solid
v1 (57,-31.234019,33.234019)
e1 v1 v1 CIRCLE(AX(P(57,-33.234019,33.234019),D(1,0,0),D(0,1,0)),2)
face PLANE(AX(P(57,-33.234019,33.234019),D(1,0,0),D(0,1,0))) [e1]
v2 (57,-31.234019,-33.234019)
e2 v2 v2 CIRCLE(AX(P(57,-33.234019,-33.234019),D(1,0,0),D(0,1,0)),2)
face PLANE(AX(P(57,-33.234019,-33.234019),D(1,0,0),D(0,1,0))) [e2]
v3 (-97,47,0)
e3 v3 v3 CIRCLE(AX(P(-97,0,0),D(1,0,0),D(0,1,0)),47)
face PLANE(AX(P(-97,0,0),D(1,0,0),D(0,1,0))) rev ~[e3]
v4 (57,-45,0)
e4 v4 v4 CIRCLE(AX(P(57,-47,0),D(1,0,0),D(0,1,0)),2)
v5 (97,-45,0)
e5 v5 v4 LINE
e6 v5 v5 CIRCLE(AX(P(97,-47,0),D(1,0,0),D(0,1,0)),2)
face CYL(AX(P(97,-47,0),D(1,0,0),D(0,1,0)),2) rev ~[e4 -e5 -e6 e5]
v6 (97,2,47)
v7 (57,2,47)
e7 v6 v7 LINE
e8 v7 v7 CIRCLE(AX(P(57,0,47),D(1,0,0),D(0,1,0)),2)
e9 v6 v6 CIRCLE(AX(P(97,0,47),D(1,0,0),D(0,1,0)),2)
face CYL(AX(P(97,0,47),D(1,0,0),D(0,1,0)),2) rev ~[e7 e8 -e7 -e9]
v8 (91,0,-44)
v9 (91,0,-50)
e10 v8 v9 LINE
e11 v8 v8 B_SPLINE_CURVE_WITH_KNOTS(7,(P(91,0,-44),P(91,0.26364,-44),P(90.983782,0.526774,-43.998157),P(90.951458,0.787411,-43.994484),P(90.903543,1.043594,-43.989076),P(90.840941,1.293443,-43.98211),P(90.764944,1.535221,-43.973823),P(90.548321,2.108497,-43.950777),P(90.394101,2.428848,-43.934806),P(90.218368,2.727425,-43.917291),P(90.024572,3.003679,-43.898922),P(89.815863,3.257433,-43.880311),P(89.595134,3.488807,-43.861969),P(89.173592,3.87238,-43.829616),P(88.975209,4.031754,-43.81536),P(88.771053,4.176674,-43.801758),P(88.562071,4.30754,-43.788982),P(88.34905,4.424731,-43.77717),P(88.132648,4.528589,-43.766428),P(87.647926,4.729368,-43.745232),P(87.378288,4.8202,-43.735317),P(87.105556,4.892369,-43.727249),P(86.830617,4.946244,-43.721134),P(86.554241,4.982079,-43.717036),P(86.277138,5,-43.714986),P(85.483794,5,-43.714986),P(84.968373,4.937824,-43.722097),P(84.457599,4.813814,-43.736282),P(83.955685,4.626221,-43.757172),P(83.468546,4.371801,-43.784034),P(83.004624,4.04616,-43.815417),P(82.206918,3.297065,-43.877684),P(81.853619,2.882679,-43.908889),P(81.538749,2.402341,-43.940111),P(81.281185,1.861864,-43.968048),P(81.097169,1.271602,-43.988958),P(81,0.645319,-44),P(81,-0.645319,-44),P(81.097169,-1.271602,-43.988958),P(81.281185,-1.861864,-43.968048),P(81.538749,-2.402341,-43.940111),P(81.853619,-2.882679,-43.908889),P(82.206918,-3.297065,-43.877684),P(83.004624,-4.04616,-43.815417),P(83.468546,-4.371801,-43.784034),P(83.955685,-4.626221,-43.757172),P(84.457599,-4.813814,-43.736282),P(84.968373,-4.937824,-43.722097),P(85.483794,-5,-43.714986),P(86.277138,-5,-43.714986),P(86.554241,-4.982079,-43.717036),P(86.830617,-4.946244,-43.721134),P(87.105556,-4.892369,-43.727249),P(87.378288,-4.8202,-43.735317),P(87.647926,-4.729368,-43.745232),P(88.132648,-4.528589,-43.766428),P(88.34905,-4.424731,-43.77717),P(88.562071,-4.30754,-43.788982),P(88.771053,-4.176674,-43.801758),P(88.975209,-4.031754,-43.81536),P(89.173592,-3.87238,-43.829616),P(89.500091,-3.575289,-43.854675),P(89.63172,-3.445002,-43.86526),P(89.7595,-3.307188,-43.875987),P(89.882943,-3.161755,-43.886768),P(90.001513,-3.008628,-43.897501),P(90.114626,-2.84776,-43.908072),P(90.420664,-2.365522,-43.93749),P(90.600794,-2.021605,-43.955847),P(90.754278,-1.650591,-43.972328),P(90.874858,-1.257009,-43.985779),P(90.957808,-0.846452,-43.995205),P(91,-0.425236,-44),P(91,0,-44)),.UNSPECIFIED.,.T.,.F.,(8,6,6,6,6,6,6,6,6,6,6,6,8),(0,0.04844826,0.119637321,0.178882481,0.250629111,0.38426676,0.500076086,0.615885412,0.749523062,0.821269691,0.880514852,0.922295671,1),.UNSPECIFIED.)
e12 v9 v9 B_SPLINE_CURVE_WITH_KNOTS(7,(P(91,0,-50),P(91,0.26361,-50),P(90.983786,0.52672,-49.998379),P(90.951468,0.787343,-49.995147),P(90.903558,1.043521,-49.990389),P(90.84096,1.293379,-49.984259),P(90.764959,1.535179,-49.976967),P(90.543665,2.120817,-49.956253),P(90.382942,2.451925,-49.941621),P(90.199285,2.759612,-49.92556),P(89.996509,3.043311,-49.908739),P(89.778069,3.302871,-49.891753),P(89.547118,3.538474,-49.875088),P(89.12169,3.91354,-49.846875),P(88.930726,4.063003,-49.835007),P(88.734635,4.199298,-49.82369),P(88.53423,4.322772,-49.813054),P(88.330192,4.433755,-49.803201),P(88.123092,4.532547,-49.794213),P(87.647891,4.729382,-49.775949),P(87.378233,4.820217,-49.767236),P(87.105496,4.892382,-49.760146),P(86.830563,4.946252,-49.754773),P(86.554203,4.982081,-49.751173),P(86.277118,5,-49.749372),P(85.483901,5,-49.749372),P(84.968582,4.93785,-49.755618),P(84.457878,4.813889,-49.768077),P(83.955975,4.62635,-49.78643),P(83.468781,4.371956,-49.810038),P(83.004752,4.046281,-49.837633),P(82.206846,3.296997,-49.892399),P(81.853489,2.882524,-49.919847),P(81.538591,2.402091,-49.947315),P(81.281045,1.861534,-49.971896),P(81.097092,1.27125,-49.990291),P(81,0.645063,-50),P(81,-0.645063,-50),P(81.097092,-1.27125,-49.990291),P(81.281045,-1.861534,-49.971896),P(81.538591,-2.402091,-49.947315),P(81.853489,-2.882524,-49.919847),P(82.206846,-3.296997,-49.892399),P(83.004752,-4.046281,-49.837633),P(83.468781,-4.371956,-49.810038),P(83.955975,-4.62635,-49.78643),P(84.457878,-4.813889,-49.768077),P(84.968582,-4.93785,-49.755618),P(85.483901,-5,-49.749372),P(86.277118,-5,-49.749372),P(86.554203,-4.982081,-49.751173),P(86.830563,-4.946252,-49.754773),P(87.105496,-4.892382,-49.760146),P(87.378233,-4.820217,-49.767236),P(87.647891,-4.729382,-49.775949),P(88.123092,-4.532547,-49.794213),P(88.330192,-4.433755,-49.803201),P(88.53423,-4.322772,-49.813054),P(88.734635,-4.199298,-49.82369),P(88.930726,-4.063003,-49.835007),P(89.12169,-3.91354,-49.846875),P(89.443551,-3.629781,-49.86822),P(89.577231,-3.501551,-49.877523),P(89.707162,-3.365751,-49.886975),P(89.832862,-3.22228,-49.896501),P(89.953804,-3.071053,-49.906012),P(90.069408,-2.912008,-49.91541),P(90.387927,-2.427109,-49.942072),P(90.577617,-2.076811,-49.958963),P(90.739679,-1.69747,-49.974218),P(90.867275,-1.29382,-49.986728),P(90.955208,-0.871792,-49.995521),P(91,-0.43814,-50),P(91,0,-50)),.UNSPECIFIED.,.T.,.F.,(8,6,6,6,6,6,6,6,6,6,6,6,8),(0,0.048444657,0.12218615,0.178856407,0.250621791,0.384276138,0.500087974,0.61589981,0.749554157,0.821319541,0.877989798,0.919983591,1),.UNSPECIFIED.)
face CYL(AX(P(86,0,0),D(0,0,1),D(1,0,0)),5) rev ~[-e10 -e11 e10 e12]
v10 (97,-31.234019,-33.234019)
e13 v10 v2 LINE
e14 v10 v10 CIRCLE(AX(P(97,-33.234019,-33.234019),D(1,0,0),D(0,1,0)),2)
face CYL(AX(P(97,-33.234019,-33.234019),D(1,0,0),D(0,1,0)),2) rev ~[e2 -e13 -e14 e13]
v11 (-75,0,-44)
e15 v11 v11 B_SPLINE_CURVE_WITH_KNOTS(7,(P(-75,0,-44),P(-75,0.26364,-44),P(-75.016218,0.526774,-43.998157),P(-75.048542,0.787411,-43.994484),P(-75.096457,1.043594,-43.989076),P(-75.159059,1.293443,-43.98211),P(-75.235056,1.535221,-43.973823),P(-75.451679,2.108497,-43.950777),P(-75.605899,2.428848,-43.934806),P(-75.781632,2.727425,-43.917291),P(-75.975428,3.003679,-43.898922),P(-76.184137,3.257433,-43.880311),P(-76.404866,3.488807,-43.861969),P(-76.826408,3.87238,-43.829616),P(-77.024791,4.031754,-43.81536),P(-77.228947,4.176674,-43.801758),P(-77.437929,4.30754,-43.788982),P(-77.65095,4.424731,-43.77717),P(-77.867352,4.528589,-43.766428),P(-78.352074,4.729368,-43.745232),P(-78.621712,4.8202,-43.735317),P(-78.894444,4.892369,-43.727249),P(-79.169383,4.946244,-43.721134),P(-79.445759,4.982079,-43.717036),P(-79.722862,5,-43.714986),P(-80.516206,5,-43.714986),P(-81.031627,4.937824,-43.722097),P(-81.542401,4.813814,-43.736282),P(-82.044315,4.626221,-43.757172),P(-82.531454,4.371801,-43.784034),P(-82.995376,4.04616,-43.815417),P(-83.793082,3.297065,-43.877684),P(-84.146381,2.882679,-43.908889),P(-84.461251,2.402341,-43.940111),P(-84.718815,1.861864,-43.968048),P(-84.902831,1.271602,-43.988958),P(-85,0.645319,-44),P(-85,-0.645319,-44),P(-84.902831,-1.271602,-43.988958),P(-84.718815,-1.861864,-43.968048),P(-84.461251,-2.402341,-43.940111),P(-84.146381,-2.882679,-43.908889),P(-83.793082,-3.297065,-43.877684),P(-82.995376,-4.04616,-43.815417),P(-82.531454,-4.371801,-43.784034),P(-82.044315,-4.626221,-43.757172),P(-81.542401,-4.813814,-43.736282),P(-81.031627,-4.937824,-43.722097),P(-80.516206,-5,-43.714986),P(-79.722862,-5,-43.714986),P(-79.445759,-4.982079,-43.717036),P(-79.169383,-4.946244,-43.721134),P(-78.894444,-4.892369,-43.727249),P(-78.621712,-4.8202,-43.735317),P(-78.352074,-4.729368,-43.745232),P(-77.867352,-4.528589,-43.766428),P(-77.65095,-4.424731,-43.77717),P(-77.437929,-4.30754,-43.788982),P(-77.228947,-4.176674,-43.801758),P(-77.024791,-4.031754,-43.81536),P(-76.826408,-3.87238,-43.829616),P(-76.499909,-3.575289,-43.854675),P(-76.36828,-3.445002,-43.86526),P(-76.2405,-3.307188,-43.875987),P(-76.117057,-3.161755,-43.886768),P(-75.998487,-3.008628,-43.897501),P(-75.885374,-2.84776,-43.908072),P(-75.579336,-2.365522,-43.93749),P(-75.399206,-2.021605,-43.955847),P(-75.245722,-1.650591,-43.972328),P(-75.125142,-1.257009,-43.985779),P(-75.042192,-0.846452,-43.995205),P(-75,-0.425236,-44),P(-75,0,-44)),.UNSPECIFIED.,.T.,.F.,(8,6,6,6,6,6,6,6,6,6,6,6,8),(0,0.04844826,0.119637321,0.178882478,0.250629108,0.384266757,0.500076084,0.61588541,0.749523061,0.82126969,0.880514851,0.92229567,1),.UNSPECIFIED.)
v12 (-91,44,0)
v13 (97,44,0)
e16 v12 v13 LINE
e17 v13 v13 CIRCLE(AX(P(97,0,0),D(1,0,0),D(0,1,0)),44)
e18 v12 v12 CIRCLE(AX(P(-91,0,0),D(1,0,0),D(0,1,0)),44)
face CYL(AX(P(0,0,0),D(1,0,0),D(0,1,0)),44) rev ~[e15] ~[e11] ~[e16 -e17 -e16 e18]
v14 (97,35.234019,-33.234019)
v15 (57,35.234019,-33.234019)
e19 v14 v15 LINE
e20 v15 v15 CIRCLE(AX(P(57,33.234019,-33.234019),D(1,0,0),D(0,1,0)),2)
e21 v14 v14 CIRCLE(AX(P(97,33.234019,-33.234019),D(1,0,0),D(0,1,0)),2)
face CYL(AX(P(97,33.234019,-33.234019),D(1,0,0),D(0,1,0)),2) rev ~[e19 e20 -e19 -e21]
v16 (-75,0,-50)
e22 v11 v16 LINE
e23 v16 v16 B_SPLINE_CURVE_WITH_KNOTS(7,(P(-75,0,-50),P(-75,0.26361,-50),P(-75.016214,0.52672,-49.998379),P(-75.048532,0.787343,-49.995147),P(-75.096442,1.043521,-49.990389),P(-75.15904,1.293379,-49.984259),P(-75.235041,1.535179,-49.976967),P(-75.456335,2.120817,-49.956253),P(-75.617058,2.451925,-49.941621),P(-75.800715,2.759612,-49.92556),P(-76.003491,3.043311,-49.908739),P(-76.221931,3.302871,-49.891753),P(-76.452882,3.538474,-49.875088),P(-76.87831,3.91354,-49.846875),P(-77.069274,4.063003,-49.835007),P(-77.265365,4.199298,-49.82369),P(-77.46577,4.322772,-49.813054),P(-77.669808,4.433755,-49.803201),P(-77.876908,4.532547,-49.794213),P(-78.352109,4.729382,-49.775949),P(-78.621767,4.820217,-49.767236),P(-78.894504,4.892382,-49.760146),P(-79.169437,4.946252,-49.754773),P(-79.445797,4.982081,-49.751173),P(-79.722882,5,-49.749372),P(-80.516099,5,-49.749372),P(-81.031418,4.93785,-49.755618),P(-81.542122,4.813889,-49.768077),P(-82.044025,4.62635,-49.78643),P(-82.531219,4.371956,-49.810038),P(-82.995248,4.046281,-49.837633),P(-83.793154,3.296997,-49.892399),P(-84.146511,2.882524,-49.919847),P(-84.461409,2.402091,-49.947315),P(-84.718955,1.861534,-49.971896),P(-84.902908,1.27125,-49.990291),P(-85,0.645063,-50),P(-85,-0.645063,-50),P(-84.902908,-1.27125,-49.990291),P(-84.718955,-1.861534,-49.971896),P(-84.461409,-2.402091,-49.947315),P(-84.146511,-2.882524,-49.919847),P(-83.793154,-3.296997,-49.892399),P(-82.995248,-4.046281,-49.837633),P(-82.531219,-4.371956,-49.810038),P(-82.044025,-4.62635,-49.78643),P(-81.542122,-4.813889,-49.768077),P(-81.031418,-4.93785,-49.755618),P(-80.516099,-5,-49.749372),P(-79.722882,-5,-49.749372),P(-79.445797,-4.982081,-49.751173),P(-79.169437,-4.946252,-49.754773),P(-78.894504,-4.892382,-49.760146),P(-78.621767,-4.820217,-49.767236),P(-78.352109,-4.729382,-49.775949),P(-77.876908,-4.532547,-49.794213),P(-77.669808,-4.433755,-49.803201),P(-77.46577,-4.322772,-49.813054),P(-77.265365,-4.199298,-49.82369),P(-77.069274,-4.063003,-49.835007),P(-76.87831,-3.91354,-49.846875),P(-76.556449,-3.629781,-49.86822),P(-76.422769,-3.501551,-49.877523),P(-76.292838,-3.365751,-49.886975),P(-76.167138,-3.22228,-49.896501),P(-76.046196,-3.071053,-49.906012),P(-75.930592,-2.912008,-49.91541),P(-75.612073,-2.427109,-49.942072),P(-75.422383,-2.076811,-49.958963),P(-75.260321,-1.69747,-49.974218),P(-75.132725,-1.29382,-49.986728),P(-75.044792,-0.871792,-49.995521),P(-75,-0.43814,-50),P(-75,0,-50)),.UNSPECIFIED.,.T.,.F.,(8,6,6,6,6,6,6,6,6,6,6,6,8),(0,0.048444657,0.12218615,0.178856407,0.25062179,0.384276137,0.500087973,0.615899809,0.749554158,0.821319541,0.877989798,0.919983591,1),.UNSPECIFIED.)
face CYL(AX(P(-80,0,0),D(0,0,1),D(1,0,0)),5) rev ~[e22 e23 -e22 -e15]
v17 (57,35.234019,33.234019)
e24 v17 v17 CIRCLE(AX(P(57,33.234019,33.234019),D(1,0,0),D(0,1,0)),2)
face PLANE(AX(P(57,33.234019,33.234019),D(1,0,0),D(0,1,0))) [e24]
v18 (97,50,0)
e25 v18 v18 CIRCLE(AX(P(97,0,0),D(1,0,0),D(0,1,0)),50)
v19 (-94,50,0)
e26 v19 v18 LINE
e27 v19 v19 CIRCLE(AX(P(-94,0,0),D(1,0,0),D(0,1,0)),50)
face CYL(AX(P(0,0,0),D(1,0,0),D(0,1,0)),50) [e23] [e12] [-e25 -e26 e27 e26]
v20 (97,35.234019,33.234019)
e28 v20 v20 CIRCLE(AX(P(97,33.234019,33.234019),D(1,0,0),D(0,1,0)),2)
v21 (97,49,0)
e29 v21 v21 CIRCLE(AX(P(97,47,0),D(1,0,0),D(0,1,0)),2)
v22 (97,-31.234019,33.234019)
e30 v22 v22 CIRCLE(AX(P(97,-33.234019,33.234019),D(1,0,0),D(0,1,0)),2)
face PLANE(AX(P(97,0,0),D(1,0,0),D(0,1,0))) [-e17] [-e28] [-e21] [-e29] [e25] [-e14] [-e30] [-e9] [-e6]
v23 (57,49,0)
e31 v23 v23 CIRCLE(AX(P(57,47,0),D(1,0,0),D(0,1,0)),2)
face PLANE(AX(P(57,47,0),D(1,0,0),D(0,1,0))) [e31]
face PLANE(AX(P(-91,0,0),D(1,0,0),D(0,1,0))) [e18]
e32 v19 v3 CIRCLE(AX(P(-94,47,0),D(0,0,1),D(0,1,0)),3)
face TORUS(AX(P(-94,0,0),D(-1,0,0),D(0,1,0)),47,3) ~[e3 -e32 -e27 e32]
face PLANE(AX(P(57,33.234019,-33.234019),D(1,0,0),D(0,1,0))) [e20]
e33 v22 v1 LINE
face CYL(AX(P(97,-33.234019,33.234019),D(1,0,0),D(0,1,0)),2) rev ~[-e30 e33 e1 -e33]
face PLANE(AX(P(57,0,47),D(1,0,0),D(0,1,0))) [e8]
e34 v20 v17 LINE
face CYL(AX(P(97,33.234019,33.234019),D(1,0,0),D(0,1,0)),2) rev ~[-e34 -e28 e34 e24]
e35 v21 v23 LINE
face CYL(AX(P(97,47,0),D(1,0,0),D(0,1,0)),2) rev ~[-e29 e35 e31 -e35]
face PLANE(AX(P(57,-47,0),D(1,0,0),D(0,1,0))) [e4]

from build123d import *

# Parameters (mm, degrees)
F0_R     = 50
F1_DEPTH = 97
F2_T     = -6
F3_R     = 2
F4_DEPTH = 40
F5_R     = 3
F6_R     = 5
F7_DEPTH = 50.001


with BuildPart() as f1:
    # F0 (on Right) → F1 (new body, symmetric)
    with BuildSketch(Plane.YZ):
        Circle(F0_R)
    extrude(amount=F1_DEPTH, both=True)

    # F2
    f2_openings = [f1.faces().sort_by_distance(p)[0] for p in [
        (97, 0, 0),
    ]]
    offset(amount=F2_T, openings=f2_openings)

    # F3 (on face) → F4 (cut)
    with BuildSketch(Plane.YZ.offset(97)):
        with Locations((-47, 0)):
            Circle(F3_R)
        with Locations((-33.234019, 33.234019)):
            Circle(F3_R)
        with Locations((0, 47)):
            Circle(F3_R)
        with Locations((33.234019, 33.234019)):
            Circle(F3_R)
        with Locations((47, 0)):
            Circle(F3_R)
        with Locations((-33.234019, -33.234019)):
            Circle(F3_R)
        with Locations((33.234019, -33.234019)):
            Circle(F3_R)
    extrude(amount=-F4_DEPTH, mode=Mode.SUBTRACT)

    # F5
    f5_edges = [f1.edges().sort_by_distance(p)[0] for p in [
        (-97, -50, 0),
    ]]
    fillet(f5_edges, radius=F5_R)

    # F6 (on Top) → F7 (cut, through all)
    with BuildSketch(Plane.XY):
        with Locations((-80, 0)):
            Circle(F6_R)
        with Locations((86, 0)):
            Circle(F6_R)
    extrude(amount=-F7_DEPTH, mode=Mode.SUBTRACT)


solid = f1.part
